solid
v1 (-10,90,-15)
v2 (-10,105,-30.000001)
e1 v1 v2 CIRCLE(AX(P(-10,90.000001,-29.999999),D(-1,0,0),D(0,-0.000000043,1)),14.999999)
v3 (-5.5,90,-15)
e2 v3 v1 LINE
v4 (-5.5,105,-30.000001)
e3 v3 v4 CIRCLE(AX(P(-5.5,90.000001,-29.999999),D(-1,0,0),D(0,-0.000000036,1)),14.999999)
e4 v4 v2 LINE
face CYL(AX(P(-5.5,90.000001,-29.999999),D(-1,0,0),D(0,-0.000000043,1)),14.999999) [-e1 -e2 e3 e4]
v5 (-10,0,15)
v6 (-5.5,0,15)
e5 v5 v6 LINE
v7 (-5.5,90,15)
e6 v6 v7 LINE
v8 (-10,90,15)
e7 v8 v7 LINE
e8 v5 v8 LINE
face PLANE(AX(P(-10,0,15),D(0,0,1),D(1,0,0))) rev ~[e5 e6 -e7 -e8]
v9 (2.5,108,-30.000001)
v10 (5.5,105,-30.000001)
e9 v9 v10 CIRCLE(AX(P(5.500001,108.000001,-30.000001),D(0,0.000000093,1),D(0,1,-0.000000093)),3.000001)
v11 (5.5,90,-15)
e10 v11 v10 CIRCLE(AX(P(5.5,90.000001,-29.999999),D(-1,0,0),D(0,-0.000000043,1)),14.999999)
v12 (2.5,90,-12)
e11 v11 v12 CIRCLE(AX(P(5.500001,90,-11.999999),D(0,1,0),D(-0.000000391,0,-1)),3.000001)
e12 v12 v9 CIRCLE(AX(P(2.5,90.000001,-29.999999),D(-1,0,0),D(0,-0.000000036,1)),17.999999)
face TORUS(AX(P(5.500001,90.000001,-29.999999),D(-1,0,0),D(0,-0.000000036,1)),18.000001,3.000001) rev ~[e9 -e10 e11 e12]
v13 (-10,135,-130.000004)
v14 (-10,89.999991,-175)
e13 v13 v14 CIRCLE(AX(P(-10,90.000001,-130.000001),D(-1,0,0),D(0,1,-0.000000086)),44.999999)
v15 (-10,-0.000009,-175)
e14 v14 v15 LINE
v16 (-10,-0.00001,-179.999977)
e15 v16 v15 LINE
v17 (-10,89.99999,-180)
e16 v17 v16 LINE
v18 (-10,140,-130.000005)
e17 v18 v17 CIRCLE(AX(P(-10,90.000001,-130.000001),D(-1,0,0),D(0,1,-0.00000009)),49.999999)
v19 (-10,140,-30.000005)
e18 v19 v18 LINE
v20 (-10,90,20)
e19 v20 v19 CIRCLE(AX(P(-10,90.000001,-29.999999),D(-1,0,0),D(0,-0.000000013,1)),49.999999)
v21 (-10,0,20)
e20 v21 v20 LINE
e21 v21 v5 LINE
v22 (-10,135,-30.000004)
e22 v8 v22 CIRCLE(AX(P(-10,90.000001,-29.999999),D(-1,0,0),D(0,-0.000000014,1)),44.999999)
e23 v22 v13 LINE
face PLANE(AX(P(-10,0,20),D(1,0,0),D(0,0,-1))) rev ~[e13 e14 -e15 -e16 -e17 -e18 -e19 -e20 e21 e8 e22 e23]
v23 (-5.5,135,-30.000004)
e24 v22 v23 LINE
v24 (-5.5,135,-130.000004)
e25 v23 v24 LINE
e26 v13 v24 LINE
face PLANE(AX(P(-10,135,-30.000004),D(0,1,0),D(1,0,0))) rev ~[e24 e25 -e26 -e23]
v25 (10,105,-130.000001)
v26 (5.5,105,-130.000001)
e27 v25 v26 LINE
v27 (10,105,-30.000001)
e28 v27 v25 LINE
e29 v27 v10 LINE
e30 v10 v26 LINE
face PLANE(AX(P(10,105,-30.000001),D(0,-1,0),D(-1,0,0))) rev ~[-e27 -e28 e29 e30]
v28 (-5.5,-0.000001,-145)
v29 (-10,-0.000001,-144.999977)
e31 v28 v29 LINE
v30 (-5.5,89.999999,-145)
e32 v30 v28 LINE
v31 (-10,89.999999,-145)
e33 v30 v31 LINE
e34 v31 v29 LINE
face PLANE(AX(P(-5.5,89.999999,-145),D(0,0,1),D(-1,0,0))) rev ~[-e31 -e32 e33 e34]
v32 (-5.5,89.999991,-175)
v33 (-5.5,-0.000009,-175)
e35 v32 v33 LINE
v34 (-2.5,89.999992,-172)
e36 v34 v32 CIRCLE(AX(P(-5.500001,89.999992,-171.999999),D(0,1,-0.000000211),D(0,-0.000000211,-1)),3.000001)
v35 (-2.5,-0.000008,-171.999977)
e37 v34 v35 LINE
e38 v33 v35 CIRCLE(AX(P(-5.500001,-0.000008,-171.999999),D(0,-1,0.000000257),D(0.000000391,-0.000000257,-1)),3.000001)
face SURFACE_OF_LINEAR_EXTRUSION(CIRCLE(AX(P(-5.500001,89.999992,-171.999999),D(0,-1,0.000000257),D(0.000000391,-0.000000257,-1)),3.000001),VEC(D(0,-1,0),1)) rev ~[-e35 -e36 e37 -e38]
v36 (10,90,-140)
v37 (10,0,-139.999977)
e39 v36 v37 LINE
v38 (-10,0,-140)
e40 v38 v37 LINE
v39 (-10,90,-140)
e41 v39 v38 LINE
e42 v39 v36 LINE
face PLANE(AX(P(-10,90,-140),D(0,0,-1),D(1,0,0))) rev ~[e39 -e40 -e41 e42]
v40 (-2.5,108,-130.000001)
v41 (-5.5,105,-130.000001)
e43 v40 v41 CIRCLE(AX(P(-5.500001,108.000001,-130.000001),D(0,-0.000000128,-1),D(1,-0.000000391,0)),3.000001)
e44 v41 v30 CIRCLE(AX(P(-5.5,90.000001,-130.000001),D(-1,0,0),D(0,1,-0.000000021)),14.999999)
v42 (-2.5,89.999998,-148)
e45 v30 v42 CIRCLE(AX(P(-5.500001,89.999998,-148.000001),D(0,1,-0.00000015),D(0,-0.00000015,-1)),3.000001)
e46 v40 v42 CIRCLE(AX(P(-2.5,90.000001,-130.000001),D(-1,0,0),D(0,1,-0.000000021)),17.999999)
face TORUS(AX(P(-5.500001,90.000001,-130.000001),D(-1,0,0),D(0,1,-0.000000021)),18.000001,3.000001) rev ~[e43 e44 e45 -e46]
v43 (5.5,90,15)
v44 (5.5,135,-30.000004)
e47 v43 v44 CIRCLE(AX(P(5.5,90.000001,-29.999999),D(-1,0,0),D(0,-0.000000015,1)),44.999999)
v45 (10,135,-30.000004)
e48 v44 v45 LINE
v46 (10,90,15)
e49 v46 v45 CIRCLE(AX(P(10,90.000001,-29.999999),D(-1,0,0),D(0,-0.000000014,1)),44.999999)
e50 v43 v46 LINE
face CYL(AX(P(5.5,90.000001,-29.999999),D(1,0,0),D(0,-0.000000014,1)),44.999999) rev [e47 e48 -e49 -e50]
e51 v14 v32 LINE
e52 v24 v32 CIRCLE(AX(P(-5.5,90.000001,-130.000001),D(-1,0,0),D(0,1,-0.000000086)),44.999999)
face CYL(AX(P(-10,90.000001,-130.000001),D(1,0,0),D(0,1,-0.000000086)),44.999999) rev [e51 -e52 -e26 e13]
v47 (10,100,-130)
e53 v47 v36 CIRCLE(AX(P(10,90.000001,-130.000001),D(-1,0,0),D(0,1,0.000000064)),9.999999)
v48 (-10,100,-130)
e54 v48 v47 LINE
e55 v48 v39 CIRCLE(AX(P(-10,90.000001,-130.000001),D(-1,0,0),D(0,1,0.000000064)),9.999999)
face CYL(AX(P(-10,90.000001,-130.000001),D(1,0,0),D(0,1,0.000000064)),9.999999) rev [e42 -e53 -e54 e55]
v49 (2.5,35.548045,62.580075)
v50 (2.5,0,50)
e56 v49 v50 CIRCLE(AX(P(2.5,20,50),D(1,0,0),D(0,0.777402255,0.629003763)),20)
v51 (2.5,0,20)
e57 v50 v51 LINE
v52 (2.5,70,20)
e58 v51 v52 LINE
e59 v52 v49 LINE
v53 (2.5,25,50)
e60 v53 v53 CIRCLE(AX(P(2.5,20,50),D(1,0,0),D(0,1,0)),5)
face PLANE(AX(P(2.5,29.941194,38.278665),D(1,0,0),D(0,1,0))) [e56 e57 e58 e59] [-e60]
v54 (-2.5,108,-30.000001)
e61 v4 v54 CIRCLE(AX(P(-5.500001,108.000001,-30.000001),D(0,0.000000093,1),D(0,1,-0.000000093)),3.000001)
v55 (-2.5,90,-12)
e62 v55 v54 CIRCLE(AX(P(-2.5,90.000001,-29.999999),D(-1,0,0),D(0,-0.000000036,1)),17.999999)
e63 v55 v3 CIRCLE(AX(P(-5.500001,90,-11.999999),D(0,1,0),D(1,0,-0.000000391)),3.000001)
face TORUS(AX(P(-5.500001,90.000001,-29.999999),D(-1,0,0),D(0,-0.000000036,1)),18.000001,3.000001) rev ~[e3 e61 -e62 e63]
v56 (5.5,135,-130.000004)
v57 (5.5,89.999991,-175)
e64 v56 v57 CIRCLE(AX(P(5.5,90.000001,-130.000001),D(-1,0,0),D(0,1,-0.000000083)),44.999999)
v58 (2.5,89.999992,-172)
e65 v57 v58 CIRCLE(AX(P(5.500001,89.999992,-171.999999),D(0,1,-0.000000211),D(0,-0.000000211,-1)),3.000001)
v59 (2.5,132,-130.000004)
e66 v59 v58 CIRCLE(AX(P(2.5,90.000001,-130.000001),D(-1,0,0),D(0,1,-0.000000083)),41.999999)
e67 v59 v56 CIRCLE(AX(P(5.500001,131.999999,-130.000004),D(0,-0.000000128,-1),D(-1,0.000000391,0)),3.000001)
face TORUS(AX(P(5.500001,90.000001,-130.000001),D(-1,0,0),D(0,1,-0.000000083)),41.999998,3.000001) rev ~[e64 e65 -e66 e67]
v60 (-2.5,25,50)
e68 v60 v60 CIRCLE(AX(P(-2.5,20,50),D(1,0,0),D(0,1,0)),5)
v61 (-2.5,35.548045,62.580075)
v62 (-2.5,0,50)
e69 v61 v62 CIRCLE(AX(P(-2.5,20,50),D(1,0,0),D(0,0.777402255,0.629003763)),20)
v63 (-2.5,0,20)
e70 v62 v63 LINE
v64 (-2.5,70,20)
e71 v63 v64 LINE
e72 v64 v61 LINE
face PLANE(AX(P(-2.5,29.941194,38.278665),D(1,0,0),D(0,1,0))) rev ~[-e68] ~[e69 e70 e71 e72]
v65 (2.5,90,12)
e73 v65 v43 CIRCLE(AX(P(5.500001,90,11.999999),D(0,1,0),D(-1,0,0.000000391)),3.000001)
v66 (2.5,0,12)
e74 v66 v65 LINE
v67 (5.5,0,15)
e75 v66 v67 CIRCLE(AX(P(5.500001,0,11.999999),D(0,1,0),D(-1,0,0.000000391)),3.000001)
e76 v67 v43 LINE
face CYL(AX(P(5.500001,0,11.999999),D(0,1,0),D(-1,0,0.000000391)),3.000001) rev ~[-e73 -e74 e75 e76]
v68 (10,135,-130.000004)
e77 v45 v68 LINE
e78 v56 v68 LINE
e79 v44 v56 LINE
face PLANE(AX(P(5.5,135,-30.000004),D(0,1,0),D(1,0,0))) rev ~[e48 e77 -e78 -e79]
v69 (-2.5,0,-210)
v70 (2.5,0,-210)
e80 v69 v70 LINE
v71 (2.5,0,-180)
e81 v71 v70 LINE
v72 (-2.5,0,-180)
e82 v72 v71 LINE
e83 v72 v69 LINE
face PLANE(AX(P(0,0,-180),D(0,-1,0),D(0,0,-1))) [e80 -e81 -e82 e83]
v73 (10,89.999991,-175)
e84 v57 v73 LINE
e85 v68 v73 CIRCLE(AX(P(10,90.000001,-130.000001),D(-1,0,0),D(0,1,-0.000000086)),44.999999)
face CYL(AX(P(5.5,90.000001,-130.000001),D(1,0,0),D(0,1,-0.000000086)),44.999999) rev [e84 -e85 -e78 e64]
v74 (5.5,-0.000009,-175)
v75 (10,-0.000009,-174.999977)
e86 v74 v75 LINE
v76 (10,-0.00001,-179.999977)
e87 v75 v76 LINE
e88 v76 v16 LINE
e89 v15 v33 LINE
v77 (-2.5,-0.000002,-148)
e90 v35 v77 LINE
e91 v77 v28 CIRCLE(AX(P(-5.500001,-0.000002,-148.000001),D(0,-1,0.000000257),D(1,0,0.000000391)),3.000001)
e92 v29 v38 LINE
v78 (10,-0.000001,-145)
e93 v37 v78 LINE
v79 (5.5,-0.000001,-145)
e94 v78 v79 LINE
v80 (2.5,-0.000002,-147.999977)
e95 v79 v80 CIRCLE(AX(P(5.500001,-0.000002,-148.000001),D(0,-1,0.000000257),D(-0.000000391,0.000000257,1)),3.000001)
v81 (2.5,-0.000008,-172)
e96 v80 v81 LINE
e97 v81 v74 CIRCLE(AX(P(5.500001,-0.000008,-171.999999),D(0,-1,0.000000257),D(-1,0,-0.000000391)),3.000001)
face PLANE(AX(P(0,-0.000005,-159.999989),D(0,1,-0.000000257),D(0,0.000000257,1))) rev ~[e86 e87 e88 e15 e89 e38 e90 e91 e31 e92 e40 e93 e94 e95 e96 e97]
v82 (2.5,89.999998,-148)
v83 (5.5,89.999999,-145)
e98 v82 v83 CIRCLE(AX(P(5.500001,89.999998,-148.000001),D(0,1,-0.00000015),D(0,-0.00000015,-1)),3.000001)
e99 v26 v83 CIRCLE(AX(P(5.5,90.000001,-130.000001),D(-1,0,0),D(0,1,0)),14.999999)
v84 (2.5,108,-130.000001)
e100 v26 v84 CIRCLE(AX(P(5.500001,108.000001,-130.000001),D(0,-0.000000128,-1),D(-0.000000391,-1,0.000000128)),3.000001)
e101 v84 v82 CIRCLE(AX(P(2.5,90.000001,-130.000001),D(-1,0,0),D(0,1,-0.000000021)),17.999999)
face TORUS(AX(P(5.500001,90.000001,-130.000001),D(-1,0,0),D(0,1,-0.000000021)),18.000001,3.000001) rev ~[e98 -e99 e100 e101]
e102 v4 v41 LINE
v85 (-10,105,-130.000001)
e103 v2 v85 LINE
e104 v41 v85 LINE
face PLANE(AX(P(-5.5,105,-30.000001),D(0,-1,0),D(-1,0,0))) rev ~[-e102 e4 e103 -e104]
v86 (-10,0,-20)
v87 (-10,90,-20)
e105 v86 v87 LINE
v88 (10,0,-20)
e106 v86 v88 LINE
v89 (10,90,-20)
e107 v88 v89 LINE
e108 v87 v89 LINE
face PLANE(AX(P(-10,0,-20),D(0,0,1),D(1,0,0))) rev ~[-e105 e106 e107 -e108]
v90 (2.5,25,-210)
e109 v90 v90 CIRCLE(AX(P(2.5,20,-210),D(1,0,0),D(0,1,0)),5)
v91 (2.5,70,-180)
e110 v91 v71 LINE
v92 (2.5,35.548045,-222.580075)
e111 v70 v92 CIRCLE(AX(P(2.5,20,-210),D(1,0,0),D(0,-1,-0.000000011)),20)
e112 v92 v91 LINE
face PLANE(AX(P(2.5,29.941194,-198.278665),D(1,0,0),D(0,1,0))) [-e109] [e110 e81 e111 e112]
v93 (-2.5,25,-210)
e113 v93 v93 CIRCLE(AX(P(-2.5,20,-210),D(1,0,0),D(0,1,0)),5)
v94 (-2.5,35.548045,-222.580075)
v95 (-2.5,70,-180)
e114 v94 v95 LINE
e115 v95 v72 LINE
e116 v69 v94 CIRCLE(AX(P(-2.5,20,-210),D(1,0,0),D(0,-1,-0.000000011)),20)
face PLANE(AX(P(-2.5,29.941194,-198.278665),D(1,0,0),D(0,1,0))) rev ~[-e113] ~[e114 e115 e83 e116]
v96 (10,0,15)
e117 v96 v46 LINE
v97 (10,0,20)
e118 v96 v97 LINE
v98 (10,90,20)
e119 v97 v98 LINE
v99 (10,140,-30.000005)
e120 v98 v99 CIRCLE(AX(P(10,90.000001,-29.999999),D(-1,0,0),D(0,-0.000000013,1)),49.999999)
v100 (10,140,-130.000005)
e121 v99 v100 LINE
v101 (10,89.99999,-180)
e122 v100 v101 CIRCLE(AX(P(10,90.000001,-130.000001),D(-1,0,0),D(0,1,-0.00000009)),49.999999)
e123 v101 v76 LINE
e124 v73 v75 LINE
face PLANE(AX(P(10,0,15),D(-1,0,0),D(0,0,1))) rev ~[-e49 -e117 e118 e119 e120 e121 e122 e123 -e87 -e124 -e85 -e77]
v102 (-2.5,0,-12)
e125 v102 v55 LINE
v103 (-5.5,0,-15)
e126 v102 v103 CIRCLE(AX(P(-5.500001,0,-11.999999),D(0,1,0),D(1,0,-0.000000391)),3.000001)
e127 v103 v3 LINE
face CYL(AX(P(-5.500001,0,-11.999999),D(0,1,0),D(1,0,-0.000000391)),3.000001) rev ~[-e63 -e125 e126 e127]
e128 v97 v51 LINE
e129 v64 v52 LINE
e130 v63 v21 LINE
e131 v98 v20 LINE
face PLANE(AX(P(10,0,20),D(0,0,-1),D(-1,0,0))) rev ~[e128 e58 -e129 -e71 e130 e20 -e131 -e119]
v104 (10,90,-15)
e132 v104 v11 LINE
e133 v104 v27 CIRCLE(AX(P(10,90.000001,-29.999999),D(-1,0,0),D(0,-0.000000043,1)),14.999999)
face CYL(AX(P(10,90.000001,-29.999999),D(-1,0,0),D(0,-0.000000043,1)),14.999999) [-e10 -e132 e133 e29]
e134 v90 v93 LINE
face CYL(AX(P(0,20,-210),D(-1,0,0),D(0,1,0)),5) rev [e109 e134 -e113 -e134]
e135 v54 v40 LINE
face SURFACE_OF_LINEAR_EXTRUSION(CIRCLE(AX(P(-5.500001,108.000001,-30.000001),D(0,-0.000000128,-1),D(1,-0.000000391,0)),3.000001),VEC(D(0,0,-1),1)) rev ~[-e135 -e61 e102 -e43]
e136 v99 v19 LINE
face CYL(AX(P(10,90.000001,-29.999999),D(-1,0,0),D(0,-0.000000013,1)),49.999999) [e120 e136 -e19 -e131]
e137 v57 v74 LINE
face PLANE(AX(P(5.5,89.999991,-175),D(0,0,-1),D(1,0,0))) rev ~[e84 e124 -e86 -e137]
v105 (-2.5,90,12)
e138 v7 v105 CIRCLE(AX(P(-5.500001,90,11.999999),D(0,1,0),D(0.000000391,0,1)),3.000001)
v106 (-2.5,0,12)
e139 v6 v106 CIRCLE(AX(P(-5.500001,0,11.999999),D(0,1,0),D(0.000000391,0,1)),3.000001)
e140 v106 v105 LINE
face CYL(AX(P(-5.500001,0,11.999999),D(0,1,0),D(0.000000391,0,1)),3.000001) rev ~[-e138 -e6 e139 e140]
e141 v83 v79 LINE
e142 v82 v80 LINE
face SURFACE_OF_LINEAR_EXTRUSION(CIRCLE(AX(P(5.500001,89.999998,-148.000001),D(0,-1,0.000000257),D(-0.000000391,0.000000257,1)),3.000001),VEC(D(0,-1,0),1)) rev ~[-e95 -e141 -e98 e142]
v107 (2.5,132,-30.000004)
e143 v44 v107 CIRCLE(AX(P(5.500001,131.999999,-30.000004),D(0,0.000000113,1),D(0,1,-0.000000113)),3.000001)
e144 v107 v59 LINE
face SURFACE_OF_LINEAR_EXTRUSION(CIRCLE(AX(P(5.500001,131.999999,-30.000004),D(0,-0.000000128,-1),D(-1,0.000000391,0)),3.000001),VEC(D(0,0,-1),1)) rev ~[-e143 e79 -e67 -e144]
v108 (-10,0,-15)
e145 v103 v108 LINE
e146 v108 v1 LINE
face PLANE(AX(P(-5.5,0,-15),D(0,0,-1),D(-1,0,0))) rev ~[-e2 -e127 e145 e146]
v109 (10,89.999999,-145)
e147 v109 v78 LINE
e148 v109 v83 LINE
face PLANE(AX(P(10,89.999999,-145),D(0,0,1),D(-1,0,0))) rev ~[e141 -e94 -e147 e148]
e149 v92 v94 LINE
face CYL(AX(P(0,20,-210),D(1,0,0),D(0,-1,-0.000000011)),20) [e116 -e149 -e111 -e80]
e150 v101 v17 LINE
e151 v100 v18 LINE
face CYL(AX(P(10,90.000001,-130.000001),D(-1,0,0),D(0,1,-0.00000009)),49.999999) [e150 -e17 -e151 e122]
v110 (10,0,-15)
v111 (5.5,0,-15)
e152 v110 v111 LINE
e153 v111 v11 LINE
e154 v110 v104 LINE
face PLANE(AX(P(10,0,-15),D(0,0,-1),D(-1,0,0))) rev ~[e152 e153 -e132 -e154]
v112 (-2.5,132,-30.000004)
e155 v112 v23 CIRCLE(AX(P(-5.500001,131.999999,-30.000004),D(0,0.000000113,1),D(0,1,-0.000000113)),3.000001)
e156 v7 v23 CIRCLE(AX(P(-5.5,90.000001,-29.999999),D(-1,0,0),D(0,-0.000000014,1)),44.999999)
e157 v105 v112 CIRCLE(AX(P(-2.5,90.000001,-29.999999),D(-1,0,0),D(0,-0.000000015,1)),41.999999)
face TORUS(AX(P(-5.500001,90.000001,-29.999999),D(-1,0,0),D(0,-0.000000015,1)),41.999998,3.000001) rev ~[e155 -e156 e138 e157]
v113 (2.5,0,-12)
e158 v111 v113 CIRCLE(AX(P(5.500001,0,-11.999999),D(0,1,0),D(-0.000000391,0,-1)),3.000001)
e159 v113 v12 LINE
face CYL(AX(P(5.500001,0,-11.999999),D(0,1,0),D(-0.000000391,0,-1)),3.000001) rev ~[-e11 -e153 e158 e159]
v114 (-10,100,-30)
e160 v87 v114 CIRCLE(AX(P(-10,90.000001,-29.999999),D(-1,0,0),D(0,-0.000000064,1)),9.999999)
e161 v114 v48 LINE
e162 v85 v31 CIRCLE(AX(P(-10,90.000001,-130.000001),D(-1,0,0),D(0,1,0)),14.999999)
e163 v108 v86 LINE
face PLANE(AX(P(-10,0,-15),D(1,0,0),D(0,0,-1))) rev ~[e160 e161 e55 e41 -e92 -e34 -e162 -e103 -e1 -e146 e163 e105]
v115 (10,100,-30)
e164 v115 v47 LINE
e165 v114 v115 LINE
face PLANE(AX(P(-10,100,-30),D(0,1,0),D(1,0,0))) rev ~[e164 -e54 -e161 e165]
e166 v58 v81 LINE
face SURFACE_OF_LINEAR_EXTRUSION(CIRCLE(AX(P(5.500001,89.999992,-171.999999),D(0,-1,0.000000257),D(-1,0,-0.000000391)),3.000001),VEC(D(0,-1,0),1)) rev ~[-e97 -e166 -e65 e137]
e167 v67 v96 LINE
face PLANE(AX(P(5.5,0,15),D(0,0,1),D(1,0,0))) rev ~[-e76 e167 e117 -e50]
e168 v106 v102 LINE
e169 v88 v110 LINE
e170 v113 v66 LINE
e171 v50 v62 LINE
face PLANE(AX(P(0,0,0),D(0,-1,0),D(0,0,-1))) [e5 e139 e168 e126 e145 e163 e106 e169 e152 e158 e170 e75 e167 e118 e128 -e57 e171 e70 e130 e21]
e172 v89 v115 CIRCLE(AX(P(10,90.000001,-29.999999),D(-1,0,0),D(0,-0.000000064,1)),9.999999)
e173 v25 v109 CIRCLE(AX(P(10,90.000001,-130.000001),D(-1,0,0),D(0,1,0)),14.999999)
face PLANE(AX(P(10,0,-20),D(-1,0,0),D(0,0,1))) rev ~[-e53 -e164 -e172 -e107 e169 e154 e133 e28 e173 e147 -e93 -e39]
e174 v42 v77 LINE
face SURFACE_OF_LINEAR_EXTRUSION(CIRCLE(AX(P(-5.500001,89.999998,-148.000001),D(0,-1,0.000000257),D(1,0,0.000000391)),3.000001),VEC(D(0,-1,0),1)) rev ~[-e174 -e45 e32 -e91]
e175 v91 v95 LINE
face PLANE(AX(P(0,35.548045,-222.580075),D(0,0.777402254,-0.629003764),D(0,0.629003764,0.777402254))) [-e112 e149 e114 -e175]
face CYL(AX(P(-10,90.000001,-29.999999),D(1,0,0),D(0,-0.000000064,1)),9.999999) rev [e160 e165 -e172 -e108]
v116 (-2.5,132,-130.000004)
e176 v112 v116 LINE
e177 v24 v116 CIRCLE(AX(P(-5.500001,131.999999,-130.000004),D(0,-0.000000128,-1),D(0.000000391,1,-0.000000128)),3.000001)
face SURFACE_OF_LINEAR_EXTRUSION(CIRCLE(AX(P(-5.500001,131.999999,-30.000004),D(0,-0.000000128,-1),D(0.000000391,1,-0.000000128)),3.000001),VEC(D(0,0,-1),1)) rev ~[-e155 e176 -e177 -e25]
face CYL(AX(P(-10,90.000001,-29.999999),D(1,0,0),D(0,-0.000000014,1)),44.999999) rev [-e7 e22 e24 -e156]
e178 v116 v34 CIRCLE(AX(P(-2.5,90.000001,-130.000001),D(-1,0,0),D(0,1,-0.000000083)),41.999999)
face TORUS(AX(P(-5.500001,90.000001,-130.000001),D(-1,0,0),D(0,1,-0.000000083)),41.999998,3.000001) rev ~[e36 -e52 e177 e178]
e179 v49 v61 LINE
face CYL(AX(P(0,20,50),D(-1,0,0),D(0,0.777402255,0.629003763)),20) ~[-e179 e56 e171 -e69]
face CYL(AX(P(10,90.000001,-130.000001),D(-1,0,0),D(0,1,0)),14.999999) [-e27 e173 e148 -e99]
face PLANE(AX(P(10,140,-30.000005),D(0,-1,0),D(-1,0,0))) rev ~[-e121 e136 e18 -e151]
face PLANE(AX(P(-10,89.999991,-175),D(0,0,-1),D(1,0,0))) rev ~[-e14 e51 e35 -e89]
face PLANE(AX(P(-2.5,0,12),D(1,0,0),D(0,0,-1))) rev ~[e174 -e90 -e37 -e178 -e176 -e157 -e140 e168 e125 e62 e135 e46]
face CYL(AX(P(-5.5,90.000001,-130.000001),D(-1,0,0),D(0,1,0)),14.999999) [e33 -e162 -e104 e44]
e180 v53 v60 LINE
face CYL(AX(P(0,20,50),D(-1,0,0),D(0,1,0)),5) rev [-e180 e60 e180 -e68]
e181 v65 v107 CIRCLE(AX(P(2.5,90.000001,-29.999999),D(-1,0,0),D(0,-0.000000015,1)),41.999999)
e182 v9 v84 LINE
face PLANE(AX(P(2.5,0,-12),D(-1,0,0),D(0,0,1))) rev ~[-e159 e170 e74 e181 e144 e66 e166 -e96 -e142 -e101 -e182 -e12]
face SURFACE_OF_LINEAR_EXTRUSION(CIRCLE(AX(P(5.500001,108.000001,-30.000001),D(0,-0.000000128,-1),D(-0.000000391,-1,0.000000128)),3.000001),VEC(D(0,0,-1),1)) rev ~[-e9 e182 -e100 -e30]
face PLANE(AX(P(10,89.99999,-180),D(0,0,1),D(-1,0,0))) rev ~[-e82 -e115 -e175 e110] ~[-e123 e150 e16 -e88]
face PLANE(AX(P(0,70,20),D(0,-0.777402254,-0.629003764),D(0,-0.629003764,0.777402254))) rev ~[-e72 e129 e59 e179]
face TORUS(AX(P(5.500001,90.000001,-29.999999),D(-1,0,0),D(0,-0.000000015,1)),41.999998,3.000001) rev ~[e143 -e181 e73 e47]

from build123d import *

# Parameters (mm, degrees)
F3_R     = 5
F4_DEPTH = 2.5


with BuildPart() as f2:
    # F2: sweep along a path in F1
    with BuildLine(Plane.YZ) as f2_path:
        Line((0, -20), (90, -20))
        ThreePointArc((90, -20), (97.071068, -22.928932), (100, -30))
        Line((100, -30), (100, -80))
        Line((100, -80), (100, -130))
        ThreePointArc((100, -130), (97.071068, -137.071068), (90, -140))
        Line((90, -140), (0, -140))
    # F0 (on Front) → F2 (sweep)
    with BuildSketch(Plane.XZ):
        with BuildLine():
            Line((10, 20), (0, 20))
            Line((0, 20), (-10, 20))
            Line((-10, 20), (-10, 15))
            Line((-10, 15), (-5.5, 15))
            ThreePointArc((-5.5, 15), (-3.37868, 14.12132), (-2.5, 12))
            Line((-2.5, 12), (-2.5, 0))
            Line((-2.5, 0), (-2.5, -12))
            ThreePointArc((-2.5, -12), (-3.37868, -14.12132), (-5.5, -15))
            Line((-5.5, -15), (-10, -15))
            Line((-10, -15), (-10, -20))
            Line((-10, -20), (0, -20))
            Line((0, -20), (10, -20))
            Line((10, -20), (10, -15))
            Line((10, -15), (5.5, -15))
            ThreePointArc((5.5, -15), (3.37868, -14.12132), (2.5, -12))
            Line((2.5, -12), (2.5, 0))
            Line((2.5, 0), (2.5, 12))
            ThreePointArc((2.5, 12), (3.37868, 14.12132), (5.5, 15))
            Line((5.5, 15), (10, 15))
            Line((10, 15), (10, 20))
        make_face()
    sweep(path=f2_path.line)

    # F3 (on Right) → F4 (join, symmetric)
    with BuildSketch(Plane.YZ):
        with BuildLine():
            Line((0, 50), (0, 20))
            Line((0, 20), (70, 20))
            Line((70, 20), (35.548045, 62.580075))
            ThreePointArc((35.548045, 62.580075), (13.327703, 68.854189), (0, 50))
        make_face()
        with Locations((20, 50)):
            Circle(F3_R, mode=Mode.SUBTRACT)
        with BuildLine():
            Line((70, -180), (0, -180))
            Line((0, -180), (0, -210))
            ThreePointArc((0, -210), (13.327703, -228.854189), (35.548045, -222.580075))
            Line((35.548045, -222.580075), (70, -180))
        make_face()
        with Locations((20, -210)):
            Circle(F3_R, mode=Mode.SUBTRACT)
    extrude(amount=F4_DEPTH, both=True)


solid = f2.part
